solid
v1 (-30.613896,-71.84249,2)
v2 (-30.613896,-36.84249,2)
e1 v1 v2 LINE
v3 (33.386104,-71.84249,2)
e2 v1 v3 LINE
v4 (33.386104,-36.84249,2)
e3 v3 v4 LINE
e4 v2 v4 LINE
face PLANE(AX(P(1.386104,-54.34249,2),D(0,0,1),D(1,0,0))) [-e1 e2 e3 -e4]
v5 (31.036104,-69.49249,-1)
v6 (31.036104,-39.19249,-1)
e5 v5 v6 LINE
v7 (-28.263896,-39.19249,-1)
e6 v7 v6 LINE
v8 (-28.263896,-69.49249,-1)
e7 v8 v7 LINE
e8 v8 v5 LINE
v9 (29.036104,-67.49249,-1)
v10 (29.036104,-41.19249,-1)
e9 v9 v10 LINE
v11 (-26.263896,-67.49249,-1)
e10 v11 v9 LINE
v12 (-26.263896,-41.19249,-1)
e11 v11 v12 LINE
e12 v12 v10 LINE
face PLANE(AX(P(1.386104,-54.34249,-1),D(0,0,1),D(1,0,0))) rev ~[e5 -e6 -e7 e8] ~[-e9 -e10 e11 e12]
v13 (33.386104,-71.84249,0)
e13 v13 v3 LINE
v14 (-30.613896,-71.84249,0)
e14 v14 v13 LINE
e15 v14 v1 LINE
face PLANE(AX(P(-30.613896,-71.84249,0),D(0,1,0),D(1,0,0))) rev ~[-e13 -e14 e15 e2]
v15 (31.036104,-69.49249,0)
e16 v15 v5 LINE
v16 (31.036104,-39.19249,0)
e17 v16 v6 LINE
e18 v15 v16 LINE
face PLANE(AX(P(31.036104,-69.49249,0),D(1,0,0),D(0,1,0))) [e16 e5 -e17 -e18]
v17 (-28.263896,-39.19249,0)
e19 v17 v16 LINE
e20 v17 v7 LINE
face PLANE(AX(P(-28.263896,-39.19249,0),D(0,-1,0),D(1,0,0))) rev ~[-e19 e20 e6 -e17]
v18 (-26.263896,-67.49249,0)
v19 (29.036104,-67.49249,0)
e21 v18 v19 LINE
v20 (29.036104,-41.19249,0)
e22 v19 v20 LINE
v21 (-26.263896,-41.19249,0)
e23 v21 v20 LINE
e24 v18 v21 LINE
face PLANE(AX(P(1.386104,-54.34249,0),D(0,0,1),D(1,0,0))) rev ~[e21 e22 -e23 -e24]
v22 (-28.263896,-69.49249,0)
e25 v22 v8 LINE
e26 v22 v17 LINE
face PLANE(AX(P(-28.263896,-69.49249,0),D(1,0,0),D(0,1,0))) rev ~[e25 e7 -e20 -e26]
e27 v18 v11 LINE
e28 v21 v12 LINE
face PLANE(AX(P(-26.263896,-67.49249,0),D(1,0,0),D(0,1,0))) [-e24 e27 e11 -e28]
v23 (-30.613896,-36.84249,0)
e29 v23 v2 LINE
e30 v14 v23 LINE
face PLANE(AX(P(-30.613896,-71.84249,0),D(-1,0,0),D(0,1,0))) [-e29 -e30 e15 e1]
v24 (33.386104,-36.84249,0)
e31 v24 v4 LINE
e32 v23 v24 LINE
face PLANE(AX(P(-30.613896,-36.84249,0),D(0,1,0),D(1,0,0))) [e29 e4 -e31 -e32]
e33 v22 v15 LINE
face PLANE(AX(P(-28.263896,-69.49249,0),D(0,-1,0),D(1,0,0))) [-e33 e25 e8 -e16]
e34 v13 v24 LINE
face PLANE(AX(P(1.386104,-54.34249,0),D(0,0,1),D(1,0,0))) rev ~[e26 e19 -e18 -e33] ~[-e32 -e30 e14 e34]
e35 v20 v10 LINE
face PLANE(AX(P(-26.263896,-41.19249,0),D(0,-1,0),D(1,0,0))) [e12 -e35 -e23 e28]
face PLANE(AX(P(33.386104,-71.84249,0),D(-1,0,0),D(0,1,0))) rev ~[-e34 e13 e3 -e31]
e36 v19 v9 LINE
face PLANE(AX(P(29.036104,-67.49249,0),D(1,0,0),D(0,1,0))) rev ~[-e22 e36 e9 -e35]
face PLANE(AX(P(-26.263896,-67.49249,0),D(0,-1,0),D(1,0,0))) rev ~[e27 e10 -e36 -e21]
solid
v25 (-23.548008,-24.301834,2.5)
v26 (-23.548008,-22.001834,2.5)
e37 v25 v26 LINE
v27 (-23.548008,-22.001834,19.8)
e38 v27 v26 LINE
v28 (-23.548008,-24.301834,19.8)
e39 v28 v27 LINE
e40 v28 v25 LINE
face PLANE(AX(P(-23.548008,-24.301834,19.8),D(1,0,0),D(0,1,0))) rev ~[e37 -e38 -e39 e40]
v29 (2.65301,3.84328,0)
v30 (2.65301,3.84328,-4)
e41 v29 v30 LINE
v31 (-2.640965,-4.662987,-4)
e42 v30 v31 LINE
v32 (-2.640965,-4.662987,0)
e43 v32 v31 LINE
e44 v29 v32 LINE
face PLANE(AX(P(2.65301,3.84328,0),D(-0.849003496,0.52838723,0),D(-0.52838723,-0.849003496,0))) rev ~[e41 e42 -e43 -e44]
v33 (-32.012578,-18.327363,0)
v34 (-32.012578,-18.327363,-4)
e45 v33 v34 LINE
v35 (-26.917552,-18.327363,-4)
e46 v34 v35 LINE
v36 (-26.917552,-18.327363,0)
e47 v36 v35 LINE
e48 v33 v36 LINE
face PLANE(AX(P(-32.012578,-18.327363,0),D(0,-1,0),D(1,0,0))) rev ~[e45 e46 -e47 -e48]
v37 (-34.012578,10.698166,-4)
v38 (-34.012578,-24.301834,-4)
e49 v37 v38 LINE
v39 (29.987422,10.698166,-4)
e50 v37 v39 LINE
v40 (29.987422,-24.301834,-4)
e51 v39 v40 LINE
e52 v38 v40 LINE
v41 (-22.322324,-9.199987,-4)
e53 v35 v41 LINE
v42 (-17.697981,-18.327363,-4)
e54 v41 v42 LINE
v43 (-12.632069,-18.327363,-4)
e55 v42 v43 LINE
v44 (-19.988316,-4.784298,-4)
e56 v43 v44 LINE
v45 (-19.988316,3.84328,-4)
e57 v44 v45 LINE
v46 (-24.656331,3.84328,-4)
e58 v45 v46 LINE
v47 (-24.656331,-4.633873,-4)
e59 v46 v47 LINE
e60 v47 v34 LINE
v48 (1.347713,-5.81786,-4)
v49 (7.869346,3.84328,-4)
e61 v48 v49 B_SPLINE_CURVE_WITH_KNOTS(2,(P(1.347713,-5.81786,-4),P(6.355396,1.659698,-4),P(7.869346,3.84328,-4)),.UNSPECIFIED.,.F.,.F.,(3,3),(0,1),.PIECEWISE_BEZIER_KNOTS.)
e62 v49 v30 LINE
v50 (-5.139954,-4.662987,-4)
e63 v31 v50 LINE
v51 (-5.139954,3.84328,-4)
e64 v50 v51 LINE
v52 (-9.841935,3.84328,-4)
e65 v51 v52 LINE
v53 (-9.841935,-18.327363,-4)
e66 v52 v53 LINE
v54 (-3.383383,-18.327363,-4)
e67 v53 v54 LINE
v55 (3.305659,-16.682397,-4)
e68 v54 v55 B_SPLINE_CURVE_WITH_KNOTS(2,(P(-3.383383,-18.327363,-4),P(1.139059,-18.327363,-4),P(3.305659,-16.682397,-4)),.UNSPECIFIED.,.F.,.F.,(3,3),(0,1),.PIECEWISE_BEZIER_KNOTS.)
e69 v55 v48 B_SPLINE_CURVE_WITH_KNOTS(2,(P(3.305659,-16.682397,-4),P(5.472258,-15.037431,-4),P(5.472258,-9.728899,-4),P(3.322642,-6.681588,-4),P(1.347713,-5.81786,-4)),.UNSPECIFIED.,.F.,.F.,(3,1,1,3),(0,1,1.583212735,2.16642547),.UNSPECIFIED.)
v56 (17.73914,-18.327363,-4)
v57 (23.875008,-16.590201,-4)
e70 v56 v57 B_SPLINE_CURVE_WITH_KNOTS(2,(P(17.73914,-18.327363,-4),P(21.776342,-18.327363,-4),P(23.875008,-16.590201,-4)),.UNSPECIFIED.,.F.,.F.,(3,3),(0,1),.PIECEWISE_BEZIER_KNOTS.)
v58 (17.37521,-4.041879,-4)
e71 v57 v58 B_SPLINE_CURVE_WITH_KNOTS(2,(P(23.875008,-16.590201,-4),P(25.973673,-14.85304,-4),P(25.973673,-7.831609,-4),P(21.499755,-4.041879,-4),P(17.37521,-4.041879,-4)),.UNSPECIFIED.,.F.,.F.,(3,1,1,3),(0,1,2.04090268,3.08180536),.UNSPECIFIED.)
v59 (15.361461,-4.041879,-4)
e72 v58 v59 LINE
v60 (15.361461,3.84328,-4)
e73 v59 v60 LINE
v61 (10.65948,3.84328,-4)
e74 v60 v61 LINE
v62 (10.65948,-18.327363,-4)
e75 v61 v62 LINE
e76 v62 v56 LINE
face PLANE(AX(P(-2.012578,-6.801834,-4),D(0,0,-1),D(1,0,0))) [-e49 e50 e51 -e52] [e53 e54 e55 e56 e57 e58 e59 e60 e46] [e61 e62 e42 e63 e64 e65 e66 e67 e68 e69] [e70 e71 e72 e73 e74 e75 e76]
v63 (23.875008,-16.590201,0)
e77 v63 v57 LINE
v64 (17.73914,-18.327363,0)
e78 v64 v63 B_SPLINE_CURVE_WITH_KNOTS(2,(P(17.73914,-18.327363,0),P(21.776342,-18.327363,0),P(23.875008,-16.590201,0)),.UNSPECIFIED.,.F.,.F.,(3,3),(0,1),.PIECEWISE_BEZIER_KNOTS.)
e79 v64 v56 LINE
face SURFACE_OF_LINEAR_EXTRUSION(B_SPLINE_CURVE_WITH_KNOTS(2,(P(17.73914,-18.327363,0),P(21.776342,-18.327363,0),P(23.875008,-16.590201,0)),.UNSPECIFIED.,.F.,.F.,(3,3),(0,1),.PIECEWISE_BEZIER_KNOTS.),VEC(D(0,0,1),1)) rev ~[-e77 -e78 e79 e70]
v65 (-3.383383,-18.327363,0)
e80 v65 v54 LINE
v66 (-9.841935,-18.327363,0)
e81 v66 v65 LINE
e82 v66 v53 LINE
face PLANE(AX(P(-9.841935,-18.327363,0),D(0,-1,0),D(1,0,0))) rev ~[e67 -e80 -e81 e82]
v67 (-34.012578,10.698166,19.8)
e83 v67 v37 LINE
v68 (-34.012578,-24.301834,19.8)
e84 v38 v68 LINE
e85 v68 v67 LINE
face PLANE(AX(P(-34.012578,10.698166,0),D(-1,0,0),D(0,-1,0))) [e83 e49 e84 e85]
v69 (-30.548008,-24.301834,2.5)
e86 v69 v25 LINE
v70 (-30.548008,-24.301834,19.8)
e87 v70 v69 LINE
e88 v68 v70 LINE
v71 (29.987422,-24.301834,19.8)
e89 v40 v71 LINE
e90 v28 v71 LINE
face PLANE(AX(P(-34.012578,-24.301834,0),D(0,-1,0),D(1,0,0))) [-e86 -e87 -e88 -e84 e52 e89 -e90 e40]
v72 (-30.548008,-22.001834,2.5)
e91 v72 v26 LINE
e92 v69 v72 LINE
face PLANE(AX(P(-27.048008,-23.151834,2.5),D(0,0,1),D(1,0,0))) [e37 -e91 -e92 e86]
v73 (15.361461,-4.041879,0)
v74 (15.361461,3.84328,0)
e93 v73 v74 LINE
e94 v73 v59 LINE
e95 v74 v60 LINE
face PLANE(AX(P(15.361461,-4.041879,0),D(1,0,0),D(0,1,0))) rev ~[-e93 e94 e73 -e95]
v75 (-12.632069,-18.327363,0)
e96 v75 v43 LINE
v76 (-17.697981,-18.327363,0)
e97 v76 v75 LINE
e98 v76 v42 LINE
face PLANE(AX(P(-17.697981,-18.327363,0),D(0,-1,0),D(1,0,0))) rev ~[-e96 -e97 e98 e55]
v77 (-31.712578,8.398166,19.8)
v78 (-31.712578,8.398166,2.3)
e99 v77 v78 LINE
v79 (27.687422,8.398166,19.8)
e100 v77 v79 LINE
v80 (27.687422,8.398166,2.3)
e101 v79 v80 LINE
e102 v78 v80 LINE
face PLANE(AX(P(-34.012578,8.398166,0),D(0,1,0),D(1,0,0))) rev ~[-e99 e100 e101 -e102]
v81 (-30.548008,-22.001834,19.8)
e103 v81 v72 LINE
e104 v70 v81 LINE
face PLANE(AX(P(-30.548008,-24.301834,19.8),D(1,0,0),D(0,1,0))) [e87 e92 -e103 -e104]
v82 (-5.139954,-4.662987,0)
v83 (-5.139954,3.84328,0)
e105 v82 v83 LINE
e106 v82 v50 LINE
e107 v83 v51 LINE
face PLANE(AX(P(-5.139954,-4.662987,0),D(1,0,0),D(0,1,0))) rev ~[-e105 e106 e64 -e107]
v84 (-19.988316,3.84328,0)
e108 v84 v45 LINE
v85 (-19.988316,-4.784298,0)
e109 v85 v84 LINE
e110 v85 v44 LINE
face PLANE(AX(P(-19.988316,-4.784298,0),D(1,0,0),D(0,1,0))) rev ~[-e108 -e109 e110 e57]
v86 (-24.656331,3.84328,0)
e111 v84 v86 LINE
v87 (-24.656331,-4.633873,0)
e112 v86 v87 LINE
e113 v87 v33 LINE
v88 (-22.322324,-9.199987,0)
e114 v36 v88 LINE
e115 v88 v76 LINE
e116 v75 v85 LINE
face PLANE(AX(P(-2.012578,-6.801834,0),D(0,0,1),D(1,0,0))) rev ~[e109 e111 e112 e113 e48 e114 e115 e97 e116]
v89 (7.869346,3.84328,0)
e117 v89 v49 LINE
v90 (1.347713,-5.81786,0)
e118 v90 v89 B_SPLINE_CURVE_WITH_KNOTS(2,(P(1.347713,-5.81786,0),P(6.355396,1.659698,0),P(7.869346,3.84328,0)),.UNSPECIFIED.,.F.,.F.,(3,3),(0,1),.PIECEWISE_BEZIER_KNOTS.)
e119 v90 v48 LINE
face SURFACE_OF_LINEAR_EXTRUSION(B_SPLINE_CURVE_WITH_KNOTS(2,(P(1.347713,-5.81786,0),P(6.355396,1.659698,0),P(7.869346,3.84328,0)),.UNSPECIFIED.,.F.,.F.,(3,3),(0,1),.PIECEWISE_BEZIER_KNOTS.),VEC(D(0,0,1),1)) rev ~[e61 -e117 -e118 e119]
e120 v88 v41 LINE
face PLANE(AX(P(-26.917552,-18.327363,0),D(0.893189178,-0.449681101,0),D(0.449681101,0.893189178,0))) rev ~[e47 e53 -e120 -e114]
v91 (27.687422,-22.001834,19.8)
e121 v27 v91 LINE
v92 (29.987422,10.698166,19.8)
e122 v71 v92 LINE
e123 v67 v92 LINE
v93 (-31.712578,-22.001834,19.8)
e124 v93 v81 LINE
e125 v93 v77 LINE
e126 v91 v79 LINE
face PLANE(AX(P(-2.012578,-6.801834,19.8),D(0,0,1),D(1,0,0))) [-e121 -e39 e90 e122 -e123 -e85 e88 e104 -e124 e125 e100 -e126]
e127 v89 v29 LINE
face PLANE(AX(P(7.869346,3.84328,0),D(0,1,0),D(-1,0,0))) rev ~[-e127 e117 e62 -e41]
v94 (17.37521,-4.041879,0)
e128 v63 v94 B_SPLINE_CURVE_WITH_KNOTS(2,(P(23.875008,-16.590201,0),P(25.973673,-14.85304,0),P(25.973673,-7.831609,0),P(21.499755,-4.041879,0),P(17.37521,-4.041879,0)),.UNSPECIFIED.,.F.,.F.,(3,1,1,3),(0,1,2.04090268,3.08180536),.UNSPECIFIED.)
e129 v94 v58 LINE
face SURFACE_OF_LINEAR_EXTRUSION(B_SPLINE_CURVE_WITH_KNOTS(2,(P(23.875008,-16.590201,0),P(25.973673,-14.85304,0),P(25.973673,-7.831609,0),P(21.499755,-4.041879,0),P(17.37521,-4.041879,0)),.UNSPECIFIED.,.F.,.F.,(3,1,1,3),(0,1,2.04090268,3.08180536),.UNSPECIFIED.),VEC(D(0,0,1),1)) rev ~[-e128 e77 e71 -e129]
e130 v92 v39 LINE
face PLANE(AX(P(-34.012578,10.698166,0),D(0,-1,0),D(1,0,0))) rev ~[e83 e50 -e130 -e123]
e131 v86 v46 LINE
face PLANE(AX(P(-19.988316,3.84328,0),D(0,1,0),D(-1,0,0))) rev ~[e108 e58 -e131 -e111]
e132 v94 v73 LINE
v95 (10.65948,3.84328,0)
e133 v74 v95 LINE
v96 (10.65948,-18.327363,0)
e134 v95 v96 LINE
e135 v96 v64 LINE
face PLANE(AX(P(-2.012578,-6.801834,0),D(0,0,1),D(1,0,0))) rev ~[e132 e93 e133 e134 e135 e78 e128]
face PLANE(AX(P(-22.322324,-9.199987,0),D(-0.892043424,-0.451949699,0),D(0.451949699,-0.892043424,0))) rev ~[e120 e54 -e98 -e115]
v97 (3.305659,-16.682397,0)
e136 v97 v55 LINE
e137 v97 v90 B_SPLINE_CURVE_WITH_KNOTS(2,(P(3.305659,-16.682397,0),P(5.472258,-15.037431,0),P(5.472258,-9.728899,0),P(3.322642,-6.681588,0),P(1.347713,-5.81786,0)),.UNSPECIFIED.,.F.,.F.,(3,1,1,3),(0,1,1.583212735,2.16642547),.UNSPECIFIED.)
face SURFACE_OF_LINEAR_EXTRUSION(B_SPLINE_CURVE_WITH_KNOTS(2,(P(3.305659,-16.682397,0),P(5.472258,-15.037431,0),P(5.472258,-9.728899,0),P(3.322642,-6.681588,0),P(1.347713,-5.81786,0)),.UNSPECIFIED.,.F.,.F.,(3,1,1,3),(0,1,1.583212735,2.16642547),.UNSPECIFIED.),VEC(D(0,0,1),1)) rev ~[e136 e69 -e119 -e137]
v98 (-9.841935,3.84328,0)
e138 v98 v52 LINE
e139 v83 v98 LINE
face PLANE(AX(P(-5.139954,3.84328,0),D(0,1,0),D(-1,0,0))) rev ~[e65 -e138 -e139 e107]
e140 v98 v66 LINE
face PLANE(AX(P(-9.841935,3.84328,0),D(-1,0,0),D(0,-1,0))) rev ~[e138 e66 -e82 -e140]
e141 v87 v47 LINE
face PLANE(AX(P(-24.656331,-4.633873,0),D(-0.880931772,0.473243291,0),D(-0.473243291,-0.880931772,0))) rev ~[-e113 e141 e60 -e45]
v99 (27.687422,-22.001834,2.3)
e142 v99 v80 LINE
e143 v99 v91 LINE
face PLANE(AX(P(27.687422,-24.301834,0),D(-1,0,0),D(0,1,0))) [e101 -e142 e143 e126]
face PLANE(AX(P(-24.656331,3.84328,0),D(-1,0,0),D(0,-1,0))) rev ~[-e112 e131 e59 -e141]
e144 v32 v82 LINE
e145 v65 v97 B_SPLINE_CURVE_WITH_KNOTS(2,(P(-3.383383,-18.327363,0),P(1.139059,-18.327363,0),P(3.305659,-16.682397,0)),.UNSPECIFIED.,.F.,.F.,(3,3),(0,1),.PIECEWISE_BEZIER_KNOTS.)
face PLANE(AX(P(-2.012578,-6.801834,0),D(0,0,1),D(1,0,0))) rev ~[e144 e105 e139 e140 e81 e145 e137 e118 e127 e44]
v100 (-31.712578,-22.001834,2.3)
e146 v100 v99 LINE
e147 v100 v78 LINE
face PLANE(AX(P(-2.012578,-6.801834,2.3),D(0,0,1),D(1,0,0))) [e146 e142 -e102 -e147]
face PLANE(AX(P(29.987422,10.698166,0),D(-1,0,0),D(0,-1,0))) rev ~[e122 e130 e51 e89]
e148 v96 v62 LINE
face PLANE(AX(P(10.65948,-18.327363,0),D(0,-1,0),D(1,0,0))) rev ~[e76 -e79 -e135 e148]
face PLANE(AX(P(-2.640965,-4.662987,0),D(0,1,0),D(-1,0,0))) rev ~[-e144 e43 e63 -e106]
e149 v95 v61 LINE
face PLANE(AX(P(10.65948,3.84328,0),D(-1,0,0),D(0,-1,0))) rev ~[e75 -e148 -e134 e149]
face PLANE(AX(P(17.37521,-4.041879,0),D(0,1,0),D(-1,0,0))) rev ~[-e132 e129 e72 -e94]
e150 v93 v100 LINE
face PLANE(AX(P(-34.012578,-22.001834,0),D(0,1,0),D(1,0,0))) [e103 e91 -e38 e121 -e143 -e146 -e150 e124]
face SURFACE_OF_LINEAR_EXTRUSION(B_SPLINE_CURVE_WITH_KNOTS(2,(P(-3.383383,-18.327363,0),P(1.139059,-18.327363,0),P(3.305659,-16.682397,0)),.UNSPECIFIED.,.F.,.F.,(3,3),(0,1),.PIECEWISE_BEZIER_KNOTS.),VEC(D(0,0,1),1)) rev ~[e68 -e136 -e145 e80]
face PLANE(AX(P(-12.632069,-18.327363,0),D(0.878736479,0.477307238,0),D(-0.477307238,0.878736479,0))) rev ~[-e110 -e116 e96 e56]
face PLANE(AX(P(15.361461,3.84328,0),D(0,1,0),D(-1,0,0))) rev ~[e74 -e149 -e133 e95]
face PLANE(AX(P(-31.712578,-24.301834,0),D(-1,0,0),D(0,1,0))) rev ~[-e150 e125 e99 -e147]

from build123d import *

# Parameters (mm, degrees)
F0_W      = 64
F0_H      = 35
F1_DEPTH  = 19.8
F2_T      = -2.3
F4_W      = 7
F4_H      = 2.3
F5_DEPTH  = 17.3
F3_W      = 64
F3_H      = 35
F6_DEPTH  = 4
F7_W      = 64
F7_H      = 35
F9_DEPTH  = 2
F8_W      = 59.3
F8_H      = 30.3
F8_W_2    = 55.3
F8_H_2    = 26.3
F10_DEPTH = 1


with BuildPart() as f1:
    # F0 (on Top) → F1 (new body)
    with BuildSketch(Plane.XY):
        with Locations((-2.0125784278, -6.8018344045)):
            Rectangle(F0_W, F0_H)
    extrude(amount=F1_DEPTH)

    # F2
    f2_openings = [f1.faces().sort_by_distance(p)[0] for p in [
        (-2.012578, -6.801834, 19.8),
    ]]
    offset(amount=F2_T, openings=f2_openings)

    # F4 (on face) → F5 (cut)
    with BuildSketch(Plane.XY.offset(19.8)):
        with Locations((-27.0480081588, -23.1518344045)):
            Rectangle(F4_W, F4_H)
    extrude(amount=-F5_DEPTH, mode=Mode.SUBTRACT)

    # F3 (on face) → F6 (join)
    with BuildSketch(Plane(origin=(0, 0, 0), x_dir=(1, 0, 0), z_dir=(0, 0, -1))):
        with Locations((-2.0125784278, 6.8018344045)):
            Rectangle(F3_W, F3_H)
        Polygon((-26.9175521439, 18.3273626809), (-22.3223236765, 9.1999870238), (-17.6979807731, 18.3273626809), (-12.6320689252, 18.3273626809), (-19.9883163979, 4.7842975778), (-19.9883163979, -3.8432802629), (-24.6563309551, -3.8432802629), (-24.6563309551, 4.6338729923), (-32.0125784278, 18.3273626809), align=None, mode=Mode.SUBTRACT)
        with BuildLine():
            Line((-2.6409650028, 4.6629874282), (-5.1399540849, 4.6629874282))
            Line((-5.1399540849, 4.6629874282), (-5.1399540849, -3.8432802629))
            Line((-5.1399540849, -3.8432802629), (-9.841935484, -3.8432802629))
            Line((-9.841935484, -3.8432802629), (-9.841935484, 18.3273626809))
            Line((-9.841935484, 18.3273626809), (-3.3833831185, 18.3273626809))
            add(Edge.make_bspline(
                [(-3.3833831185, 18.3273626809), (1.1390592592, 18.3273626809), (3.3056585314, 16.6823970521)],
                knots=[0, 0, 0, 1, 1, 1], degree=2))
            add(Edge.make_bspline(
                [(3.3056585314, 16.6823970521), (5.4722578035, 15.0374314234), (5.4722578035, 11.684418888)],
                knots=[0, 0, 0, 1, 1, 1], degree=2))
            add(Edge.make_bspline(
                [(5.4722578035, 11.684418888), (5.4722578035, 9.7288992762), (4.3974498779, 8.205243797)],
                knots=[0, 0, 0, 1, 1, 1], degree=2))
            add(Edge.make_bspline(
                [(4.3974498779, 8.205243797), (3.3226419523, 6.6815883178), (1.3477127166, 5.8178600526)],
                knots=[0, 0, 0, 1, 1, 1], degree=2))
            add(Edge.make_bspline(
                [(1.3477127166, 5.8178600526), (6.3553956927, -1.6596975698), (7.8693463599, -3.8432802629)],
                knots=[0, 0, 0, 1, 1, 1], degree=2))
            Line((7.8693463599, -3.8432802629), (2.6530099264, -3.8432802629))
            Line((2.6530099264, -3.8432802629), (-2.6409650028, 4.6629874282))
        make_face(mode=Mode.SUBTRACT)
        with BuildLine():
            add(Edge.make_bspline(
                [(23.8750075002, 16.5902013384), (25.9736730886, 14.8530399959), (25.9736730886, 11.4126841528)],
                knots=[0, 0, 0, 1, 1, 1], degree=2))
            add(Edge.make_bspline(
                [(25.9736730886, 11.4126841528), (25.9736730886, 7.8316085362), (23.7367139297, 5.9367439992)],
                knots=[0, 0, 0, 1, 1, 1], degree=2))
            add(Edge.make_bspline(
                [(23.7367139297, 5.9367439992), (21.4997547708, 4.0418794622), (17.3752096838, 4.0418794622)],
                knots=[0, 0, 0, 1, 1, 1], degree=2))
            Line((17.3752096838, 4.0418794622), (15.3614612002, 4.0418794622))
            Line((15.3614612002, 4.0418794622), (15.3614612002, -3.8432802629))
            Line((15.3614612002, -3.8432802629), (10.6594798011, -3.8432802629))
            Line((10.6594798011, -3.8432802629), (10.6594798011, 18.3273626809))
            Line((10.6594798011, 18.3273626809), (17.7391401327, 18.3273626809))
            add(Edge.make_bspline(
                [(17.7391401327, 18.3273626809), (21.7763419119, 18.3273626809), (23.8750075002, 16.5902013384)],
                knots=[0, 0, 0, 1, 1, 1], degree=2))
        make_face(mode=Mode.SUBTRACT)
    extrude(amount=F6_DEPTH)


with BuildPart() as f9:
    # F7 (on Top) → F9 (new body)
    with BuildSketch(Plane.XY):
        with Locations((1.3861044943, -54.3424897641)):
            Rectangle(F7_W, F7_H)
    extrude(amount=F9_DEPTH)

    # F8 (on face) → F10 (join)
    with BuildSketch(Plane.XY):
        with Locations((1.3861044943, -54.3424897641)):
            Rectangle(F8_W, F8_H)
        with Locations((1.3861044943, -54.3424897641)):
            Rectangle(F8_W_2, F8_H_2, mode=Mode.SUBTRACT)
    extrude(amount=-F10_DEPTH)


solid = Compound([f1.part, f9.part])
